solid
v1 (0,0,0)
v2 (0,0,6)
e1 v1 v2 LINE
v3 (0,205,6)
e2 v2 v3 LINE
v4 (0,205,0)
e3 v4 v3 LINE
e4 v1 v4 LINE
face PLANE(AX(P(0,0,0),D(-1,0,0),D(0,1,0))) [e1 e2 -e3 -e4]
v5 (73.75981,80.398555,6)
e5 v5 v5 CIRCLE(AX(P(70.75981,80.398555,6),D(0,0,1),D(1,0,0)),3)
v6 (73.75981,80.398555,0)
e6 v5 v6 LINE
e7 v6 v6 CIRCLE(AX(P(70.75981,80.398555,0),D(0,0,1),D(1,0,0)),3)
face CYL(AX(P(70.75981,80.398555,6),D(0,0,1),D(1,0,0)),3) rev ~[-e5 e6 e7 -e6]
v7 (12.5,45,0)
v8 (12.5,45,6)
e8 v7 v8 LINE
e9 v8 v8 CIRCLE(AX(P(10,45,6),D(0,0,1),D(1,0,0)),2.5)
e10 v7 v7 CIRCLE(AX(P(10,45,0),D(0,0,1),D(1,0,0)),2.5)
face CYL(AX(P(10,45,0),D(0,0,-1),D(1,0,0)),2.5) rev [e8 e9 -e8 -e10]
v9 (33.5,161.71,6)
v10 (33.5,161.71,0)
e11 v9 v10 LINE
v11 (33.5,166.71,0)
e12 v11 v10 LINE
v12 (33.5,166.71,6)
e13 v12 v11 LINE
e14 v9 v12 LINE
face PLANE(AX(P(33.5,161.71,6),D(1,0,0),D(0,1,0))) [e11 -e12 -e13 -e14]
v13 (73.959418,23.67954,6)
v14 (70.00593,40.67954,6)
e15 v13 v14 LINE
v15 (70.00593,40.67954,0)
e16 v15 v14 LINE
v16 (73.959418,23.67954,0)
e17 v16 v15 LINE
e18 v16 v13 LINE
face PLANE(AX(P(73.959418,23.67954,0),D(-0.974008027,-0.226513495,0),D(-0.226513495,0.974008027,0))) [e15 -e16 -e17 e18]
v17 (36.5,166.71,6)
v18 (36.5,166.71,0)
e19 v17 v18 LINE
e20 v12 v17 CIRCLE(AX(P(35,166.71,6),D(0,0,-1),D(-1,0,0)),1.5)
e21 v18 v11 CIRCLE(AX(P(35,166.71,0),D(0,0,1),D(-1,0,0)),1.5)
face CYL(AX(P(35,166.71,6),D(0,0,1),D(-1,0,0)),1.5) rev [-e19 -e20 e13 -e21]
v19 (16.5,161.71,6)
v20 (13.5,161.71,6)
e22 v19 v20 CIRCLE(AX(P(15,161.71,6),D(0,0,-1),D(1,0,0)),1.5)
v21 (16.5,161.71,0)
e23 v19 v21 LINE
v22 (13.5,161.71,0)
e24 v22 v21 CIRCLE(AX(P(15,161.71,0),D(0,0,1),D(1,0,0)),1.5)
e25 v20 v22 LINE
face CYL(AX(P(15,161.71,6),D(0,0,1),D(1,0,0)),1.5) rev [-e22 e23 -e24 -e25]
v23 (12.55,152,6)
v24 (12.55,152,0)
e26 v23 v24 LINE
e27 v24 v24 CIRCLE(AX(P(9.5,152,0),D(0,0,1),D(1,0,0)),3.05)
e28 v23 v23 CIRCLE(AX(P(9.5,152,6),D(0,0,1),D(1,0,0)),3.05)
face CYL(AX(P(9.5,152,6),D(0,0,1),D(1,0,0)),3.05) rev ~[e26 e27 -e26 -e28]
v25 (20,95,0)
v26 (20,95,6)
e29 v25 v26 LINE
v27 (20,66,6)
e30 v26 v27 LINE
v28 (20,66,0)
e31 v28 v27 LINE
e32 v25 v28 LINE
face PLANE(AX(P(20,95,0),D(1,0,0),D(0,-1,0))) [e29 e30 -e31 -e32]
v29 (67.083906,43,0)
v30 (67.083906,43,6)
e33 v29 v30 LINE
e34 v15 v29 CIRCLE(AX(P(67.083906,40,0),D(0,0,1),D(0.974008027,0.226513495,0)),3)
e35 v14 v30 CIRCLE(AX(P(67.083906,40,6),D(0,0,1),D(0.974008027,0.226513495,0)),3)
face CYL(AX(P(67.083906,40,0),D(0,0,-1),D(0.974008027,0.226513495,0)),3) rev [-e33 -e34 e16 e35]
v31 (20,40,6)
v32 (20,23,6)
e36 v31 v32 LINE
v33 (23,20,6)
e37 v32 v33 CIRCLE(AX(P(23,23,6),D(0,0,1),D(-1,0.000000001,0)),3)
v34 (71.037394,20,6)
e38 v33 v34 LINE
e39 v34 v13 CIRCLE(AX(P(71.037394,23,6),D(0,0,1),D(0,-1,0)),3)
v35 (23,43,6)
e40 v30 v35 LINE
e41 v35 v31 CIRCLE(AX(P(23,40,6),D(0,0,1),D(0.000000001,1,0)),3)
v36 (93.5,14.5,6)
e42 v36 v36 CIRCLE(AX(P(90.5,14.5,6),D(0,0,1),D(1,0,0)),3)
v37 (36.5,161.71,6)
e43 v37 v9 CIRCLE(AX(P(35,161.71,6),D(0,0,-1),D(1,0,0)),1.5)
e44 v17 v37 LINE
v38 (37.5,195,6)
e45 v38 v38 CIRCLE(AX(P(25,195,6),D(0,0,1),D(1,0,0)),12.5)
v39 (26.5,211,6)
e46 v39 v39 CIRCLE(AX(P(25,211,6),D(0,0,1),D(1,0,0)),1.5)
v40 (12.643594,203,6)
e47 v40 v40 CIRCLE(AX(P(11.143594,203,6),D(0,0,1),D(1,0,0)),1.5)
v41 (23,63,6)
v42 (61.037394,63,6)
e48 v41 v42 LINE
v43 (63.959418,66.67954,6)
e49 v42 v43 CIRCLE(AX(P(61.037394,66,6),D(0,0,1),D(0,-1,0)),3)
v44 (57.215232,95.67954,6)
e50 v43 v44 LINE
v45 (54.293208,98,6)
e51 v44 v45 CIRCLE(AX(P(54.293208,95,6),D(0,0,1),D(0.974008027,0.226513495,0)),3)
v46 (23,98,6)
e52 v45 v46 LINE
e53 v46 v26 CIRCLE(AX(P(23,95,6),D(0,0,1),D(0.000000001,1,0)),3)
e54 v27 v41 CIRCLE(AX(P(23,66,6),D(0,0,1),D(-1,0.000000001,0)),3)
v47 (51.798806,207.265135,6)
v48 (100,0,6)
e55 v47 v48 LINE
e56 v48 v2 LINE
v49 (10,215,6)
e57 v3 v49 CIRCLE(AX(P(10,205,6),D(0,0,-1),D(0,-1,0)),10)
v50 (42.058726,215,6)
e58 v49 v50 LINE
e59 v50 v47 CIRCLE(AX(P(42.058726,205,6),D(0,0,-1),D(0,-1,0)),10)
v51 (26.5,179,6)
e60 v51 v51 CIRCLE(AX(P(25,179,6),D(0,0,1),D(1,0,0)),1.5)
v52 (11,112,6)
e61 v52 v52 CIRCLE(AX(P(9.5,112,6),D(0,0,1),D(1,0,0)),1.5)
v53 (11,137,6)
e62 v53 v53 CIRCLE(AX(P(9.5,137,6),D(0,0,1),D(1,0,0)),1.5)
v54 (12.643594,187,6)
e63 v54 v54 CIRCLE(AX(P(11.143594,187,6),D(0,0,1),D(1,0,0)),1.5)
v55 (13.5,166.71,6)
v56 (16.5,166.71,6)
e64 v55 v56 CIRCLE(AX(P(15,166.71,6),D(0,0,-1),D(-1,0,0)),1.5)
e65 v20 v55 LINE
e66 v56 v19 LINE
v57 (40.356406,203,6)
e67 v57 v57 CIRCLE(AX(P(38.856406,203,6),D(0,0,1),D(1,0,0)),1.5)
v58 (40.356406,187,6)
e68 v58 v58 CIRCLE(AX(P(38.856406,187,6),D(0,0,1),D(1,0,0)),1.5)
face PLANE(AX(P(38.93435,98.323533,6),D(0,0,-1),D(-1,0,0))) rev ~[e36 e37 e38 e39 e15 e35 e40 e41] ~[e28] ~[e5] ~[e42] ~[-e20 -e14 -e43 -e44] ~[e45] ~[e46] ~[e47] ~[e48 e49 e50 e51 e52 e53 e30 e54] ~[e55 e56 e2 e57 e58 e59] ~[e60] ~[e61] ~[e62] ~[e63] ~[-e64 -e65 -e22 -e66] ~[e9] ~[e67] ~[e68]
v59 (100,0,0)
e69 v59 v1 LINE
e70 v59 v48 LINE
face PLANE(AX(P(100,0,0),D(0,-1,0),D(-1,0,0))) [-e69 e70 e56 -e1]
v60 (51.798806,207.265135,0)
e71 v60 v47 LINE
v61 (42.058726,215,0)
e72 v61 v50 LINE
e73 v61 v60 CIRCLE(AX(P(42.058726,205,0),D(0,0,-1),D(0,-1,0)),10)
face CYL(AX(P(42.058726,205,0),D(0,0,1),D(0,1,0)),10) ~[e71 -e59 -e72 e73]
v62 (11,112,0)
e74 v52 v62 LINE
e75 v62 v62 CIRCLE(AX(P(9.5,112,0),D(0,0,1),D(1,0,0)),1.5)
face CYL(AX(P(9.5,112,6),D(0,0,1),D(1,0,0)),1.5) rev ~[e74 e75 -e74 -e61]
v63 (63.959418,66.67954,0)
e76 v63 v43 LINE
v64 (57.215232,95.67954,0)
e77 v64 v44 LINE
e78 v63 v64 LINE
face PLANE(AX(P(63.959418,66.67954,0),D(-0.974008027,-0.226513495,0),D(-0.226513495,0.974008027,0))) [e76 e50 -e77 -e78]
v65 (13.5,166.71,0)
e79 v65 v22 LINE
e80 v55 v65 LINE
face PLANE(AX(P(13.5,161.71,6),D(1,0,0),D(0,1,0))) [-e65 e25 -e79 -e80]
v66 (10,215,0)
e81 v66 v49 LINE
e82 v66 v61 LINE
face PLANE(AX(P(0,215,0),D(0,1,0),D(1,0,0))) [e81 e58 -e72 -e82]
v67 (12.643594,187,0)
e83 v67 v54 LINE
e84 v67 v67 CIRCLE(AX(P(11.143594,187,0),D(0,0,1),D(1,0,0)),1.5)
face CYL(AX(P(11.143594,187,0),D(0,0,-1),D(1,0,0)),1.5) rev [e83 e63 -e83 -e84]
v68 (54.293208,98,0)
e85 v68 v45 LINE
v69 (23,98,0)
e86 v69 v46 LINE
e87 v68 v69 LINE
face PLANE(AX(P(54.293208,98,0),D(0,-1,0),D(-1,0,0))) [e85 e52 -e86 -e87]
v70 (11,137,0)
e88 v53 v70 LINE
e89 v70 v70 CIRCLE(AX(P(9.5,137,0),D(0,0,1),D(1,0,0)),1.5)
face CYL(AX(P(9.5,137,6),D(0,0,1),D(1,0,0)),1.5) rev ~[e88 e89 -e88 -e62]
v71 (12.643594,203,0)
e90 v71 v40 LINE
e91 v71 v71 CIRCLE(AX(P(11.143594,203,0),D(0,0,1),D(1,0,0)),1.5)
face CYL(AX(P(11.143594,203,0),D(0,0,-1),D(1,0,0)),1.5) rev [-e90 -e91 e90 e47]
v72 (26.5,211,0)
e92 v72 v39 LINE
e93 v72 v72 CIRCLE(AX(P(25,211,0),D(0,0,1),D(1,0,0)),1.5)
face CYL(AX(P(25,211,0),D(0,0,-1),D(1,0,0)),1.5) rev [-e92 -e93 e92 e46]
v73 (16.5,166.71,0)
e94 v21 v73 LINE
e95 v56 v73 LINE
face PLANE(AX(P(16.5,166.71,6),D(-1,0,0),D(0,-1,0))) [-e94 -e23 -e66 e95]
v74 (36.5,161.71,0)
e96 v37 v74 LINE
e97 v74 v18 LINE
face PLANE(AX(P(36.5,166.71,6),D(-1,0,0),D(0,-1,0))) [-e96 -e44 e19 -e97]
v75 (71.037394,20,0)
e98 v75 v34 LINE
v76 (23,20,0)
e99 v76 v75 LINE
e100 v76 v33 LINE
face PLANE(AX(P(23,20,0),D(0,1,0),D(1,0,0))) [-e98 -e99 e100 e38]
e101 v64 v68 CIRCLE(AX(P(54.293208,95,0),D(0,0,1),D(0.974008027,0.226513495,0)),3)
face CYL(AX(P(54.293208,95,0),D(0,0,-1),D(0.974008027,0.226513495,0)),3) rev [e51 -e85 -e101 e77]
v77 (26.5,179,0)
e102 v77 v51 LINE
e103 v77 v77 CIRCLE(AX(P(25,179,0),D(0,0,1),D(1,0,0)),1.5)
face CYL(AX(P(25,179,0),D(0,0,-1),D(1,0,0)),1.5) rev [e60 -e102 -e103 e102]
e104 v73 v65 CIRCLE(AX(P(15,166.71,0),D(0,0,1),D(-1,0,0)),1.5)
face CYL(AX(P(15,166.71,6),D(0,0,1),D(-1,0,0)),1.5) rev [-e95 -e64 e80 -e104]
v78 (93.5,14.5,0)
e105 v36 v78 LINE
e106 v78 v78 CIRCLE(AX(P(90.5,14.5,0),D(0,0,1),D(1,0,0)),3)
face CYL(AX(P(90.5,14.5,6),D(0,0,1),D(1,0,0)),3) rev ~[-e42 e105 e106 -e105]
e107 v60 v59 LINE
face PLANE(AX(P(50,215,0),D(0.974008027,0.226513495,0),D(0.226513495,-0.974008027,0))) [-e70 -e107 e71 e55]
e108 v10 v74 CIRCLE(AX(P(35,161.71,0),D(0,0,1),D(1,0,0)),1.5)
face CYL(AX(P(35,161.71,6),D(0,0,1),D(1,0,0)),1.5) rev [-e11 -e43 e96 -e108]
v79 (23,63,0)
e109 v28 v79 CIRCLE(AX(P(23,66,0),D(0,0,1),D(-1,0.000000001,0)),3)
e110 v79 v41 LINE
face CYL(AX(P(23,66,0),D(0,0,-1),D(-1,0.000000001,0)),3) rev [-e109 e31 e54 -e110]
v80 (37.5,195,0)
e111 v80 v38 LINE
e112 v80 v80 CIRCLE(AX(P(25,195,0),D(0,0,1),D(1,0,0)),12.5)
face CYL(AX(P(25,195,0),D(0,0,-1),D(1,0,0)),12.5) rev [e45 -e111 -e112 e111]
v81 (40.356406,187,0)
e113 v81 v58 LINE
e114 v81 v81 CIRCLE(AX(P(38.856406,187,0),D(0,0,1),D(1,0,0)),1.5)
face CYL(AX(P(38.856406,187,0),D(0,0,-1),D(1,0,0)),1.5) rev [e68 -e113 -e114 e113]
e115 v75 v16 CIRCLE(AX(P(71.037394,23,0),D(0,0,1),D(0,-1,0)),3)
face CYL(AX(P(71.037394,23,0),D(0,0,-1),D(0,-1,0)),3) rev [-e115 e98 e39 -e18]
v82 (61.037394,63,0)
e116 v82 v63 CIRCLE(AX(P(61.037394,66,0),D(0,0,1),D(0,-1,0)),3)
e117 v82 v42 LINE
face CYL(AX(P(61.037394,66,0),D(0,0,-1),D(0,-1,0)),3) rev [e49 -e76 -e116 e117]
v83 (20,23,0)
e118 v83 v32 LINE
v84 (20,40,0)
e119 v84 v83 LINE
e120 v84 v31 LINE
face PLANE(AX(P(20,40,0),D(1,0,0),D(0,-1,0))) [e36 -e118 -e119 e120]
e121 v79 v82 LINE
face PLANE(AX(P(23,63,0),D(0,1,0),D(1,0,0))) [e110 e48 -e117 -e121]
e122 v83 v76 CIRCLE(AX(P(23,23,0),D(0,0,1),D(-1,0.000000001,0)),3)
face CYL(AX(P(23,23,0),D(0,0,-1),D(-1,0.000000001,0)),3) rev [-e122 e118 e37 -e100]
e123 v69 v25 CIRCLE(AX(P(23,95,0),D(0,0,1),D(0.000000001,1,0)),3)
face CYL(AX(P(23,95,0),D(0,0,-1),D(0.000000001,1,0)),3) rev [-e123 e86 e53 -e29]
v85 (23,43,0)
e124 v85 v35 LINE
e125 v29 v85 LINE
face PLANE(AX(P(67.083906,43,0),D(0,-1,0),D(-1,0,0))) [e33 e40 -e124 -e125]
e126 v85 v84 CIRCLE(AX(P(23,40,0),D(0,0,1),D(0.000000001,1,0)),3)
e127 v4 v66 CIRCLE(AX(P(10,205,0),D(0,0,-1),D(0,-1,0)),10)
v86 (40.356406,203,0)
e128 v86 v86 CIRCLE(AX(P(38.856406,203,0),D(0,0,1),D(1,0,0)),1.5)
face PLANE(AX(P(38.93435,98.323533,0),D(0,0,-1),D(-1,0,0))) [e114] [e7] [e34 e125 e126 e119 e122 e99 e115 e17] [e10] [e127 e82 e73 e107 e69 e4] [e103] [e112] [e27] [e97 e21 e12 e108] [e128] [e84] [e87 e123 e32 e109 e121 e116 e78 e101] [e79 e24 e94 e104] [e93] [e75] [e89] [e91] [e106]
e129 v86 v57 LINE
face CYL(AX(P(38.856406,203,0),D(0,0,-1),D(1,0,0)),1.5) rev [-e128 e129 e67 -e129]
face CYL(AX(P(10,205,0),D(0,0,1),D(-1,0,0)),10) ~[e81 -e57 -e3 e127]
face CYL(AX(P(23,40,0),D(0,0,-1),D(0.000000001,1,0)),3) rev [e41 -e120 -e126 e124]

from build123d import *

# Parameters (mm, degrees)
ESBO_O1_R                = 12.5
ESBO_O1_R_2              = 1.5
ESBO_O1_R_3              = 2.5
RESSALTO_EXTRUS_O2_DEPTH = 6
FILETE1_R                = 10
ESBO_O2_R                = 1.5
ESBO_O2_R_2              = 3
ESBO_O2_R_3              = 3.05
CORTE_EXTRUS_O1_DEPTH    = 238.194013415
ESBO_O3_R                = 3
CORTE_EXTRUS_O2_DEPTH    = 238.194013415


with BuildPart() as part:
    # Esboço1 → Ressalto-extrusão2 (new body)
    with BuildSketch(Plane.XY):
        Polygon((0, 0), (0, 215), (50, 215), (100, 0), align=None)
        with Locations((25, 195)):
            Circle(ESBO_O1_R, mode=Mode.SUBTRACT)
        with Locations((25, 211)):
            Circle(ESBO_O1_R_2, mode=Mode.SUBTRACT)
        with Locations((38.856406461, 203)):
            Circle(ESBO_O1_R_2, mode=Mode.SUBTRACT)
        with Locations((38.856406461, 187)):
            Circle(ESBO_O1_R_2, mode=Mode.SUBTRACT)
        with Locations((25, 179)):
            Circle(ESBO_O1_R_2, mode=Mode.SUBTRACT)
        with Locations((11.143593539, 187)):
            Circle(ESBO_O1_R_2, mode=Mode.SUBTRACT)
        with Locations((11.143593539, 203)):
            Circle(ESBO_O1_R_2, mode=Mode.SUBTRACT)
        with Locations((10, 45)):
            Circle(ESBO_O1_R_3, mode=Mode.SUBTRACT)
        with BuildLine():
            Line((20, 95), (20, 66))
            ThreePointArc((20, 66), (20.878679656, 63.878679656), (23, 63))
            Line((23, 63), (61.03739436, 63))
            ThreePointArc((61.03739436, 63), (63.386715693, 64.134339454), (63.959418441, 66.679540484))
            Line((63.959418441, 66.679540484), (57.215232395, 95.679540484))
            ThreePointArc((57.215232395, 95.679540484), (56.15886886, 97.349321333), (54.293208314, 98))
            Line((54.293208314, 98), (23, 98))
            ThreePointArc((23, 98), (20.878679656, 97.121320344), (20, 95))
        make_face(mode=Mode.SUBTRACT)
        with BuildLine():
            Line((20, 40), (20, 23))
            ThreePointArc((20, 23), (20.878679656, 20.878679656), (23, 20))
            Line((23, 20), (71.03739436, 20))
            ThreePointArc((71.03739436, 20), (73.386715693, 21.134339454), (73.959418441, 23.679540484))
            Line((73.959418441, 23.679540484), (70.005930069, 40.679540484))
            ThreePointArc((70.005930069, 40.679540484), (68.949566534, 42.349321333), (67.083905988, 43))
            Line((67.083905988, 43), (23, 43))
            ThreePointArc((23, 43), (20.878679656, 42.121320344), (20, 40))
        make_face(mode=Mode.SUBTRACT)
    extrude(amount=RESSALTO_EXTRUS_O2_DEPTH)

    # Filete1
    filete1_edges = [part.edges().sort_by_distance(p)[0] for p in [
        (0, 215, 3),
        (50, 215, 3),
    ]]
    fillet(filete1_edges, radius=FILETE1_R)

    # Esboço2 → Corte-extrusão1 (cut, through all)
    with BuildSketch(Plane.XY.offset(6)):
        with Locations((9.5, 137)):
            Circle(ESBO_O2_R)
        with Locations((90.5, 14.5)):
            Circle(ESBO_O2_R_2)
        with Locations((9.5, 112)):
            Circle(ESBO_O2_R)
        with Locations((9.5, 152)):
            Circle(ESBO_O2_R_3)
        with BuildLine():
            Line((13.5, 161.71), (13.5, 166.71))
            ThreePointArc((13.5, 166.71), (15, 168.21), (16.5, 166.71))
            Line((16.5, 166.71), (16.5, 161.71))
            ThreePointArc((16.5, 161.71), (15, 160.21), (13.5, 161.71))
        make_face()
        with BuildLine():
            Line((33.5, 161.71), (33.5, 166.71))
            ThreePointArc((33.5, 166.71), (35, 168.21), (36.5, 166.71))
            Line((36.5, 166.71), (36.5, 161.71))
            ThreePointArc((36.5, 161.71), (35, 160.21), (33.5, 161.71))
        make_face()
    extrude(amount=-CORTE_EXTRUS_O1_DEPTH, mode=Mode.SUBTRACT)

    # Esboço3 → Corte-extrusão2 (cut, through all)
    with BuildSketch(Plane.XY.offset(6)):
        with Locations((70.759810426, 80.398555206)):
            Circle(ESBO_O3_R)
    extrude(amount=-CORTE_EXTRUS_O2_DEPTH, mode=Mode.SUBTRACT)


solid = part.part
